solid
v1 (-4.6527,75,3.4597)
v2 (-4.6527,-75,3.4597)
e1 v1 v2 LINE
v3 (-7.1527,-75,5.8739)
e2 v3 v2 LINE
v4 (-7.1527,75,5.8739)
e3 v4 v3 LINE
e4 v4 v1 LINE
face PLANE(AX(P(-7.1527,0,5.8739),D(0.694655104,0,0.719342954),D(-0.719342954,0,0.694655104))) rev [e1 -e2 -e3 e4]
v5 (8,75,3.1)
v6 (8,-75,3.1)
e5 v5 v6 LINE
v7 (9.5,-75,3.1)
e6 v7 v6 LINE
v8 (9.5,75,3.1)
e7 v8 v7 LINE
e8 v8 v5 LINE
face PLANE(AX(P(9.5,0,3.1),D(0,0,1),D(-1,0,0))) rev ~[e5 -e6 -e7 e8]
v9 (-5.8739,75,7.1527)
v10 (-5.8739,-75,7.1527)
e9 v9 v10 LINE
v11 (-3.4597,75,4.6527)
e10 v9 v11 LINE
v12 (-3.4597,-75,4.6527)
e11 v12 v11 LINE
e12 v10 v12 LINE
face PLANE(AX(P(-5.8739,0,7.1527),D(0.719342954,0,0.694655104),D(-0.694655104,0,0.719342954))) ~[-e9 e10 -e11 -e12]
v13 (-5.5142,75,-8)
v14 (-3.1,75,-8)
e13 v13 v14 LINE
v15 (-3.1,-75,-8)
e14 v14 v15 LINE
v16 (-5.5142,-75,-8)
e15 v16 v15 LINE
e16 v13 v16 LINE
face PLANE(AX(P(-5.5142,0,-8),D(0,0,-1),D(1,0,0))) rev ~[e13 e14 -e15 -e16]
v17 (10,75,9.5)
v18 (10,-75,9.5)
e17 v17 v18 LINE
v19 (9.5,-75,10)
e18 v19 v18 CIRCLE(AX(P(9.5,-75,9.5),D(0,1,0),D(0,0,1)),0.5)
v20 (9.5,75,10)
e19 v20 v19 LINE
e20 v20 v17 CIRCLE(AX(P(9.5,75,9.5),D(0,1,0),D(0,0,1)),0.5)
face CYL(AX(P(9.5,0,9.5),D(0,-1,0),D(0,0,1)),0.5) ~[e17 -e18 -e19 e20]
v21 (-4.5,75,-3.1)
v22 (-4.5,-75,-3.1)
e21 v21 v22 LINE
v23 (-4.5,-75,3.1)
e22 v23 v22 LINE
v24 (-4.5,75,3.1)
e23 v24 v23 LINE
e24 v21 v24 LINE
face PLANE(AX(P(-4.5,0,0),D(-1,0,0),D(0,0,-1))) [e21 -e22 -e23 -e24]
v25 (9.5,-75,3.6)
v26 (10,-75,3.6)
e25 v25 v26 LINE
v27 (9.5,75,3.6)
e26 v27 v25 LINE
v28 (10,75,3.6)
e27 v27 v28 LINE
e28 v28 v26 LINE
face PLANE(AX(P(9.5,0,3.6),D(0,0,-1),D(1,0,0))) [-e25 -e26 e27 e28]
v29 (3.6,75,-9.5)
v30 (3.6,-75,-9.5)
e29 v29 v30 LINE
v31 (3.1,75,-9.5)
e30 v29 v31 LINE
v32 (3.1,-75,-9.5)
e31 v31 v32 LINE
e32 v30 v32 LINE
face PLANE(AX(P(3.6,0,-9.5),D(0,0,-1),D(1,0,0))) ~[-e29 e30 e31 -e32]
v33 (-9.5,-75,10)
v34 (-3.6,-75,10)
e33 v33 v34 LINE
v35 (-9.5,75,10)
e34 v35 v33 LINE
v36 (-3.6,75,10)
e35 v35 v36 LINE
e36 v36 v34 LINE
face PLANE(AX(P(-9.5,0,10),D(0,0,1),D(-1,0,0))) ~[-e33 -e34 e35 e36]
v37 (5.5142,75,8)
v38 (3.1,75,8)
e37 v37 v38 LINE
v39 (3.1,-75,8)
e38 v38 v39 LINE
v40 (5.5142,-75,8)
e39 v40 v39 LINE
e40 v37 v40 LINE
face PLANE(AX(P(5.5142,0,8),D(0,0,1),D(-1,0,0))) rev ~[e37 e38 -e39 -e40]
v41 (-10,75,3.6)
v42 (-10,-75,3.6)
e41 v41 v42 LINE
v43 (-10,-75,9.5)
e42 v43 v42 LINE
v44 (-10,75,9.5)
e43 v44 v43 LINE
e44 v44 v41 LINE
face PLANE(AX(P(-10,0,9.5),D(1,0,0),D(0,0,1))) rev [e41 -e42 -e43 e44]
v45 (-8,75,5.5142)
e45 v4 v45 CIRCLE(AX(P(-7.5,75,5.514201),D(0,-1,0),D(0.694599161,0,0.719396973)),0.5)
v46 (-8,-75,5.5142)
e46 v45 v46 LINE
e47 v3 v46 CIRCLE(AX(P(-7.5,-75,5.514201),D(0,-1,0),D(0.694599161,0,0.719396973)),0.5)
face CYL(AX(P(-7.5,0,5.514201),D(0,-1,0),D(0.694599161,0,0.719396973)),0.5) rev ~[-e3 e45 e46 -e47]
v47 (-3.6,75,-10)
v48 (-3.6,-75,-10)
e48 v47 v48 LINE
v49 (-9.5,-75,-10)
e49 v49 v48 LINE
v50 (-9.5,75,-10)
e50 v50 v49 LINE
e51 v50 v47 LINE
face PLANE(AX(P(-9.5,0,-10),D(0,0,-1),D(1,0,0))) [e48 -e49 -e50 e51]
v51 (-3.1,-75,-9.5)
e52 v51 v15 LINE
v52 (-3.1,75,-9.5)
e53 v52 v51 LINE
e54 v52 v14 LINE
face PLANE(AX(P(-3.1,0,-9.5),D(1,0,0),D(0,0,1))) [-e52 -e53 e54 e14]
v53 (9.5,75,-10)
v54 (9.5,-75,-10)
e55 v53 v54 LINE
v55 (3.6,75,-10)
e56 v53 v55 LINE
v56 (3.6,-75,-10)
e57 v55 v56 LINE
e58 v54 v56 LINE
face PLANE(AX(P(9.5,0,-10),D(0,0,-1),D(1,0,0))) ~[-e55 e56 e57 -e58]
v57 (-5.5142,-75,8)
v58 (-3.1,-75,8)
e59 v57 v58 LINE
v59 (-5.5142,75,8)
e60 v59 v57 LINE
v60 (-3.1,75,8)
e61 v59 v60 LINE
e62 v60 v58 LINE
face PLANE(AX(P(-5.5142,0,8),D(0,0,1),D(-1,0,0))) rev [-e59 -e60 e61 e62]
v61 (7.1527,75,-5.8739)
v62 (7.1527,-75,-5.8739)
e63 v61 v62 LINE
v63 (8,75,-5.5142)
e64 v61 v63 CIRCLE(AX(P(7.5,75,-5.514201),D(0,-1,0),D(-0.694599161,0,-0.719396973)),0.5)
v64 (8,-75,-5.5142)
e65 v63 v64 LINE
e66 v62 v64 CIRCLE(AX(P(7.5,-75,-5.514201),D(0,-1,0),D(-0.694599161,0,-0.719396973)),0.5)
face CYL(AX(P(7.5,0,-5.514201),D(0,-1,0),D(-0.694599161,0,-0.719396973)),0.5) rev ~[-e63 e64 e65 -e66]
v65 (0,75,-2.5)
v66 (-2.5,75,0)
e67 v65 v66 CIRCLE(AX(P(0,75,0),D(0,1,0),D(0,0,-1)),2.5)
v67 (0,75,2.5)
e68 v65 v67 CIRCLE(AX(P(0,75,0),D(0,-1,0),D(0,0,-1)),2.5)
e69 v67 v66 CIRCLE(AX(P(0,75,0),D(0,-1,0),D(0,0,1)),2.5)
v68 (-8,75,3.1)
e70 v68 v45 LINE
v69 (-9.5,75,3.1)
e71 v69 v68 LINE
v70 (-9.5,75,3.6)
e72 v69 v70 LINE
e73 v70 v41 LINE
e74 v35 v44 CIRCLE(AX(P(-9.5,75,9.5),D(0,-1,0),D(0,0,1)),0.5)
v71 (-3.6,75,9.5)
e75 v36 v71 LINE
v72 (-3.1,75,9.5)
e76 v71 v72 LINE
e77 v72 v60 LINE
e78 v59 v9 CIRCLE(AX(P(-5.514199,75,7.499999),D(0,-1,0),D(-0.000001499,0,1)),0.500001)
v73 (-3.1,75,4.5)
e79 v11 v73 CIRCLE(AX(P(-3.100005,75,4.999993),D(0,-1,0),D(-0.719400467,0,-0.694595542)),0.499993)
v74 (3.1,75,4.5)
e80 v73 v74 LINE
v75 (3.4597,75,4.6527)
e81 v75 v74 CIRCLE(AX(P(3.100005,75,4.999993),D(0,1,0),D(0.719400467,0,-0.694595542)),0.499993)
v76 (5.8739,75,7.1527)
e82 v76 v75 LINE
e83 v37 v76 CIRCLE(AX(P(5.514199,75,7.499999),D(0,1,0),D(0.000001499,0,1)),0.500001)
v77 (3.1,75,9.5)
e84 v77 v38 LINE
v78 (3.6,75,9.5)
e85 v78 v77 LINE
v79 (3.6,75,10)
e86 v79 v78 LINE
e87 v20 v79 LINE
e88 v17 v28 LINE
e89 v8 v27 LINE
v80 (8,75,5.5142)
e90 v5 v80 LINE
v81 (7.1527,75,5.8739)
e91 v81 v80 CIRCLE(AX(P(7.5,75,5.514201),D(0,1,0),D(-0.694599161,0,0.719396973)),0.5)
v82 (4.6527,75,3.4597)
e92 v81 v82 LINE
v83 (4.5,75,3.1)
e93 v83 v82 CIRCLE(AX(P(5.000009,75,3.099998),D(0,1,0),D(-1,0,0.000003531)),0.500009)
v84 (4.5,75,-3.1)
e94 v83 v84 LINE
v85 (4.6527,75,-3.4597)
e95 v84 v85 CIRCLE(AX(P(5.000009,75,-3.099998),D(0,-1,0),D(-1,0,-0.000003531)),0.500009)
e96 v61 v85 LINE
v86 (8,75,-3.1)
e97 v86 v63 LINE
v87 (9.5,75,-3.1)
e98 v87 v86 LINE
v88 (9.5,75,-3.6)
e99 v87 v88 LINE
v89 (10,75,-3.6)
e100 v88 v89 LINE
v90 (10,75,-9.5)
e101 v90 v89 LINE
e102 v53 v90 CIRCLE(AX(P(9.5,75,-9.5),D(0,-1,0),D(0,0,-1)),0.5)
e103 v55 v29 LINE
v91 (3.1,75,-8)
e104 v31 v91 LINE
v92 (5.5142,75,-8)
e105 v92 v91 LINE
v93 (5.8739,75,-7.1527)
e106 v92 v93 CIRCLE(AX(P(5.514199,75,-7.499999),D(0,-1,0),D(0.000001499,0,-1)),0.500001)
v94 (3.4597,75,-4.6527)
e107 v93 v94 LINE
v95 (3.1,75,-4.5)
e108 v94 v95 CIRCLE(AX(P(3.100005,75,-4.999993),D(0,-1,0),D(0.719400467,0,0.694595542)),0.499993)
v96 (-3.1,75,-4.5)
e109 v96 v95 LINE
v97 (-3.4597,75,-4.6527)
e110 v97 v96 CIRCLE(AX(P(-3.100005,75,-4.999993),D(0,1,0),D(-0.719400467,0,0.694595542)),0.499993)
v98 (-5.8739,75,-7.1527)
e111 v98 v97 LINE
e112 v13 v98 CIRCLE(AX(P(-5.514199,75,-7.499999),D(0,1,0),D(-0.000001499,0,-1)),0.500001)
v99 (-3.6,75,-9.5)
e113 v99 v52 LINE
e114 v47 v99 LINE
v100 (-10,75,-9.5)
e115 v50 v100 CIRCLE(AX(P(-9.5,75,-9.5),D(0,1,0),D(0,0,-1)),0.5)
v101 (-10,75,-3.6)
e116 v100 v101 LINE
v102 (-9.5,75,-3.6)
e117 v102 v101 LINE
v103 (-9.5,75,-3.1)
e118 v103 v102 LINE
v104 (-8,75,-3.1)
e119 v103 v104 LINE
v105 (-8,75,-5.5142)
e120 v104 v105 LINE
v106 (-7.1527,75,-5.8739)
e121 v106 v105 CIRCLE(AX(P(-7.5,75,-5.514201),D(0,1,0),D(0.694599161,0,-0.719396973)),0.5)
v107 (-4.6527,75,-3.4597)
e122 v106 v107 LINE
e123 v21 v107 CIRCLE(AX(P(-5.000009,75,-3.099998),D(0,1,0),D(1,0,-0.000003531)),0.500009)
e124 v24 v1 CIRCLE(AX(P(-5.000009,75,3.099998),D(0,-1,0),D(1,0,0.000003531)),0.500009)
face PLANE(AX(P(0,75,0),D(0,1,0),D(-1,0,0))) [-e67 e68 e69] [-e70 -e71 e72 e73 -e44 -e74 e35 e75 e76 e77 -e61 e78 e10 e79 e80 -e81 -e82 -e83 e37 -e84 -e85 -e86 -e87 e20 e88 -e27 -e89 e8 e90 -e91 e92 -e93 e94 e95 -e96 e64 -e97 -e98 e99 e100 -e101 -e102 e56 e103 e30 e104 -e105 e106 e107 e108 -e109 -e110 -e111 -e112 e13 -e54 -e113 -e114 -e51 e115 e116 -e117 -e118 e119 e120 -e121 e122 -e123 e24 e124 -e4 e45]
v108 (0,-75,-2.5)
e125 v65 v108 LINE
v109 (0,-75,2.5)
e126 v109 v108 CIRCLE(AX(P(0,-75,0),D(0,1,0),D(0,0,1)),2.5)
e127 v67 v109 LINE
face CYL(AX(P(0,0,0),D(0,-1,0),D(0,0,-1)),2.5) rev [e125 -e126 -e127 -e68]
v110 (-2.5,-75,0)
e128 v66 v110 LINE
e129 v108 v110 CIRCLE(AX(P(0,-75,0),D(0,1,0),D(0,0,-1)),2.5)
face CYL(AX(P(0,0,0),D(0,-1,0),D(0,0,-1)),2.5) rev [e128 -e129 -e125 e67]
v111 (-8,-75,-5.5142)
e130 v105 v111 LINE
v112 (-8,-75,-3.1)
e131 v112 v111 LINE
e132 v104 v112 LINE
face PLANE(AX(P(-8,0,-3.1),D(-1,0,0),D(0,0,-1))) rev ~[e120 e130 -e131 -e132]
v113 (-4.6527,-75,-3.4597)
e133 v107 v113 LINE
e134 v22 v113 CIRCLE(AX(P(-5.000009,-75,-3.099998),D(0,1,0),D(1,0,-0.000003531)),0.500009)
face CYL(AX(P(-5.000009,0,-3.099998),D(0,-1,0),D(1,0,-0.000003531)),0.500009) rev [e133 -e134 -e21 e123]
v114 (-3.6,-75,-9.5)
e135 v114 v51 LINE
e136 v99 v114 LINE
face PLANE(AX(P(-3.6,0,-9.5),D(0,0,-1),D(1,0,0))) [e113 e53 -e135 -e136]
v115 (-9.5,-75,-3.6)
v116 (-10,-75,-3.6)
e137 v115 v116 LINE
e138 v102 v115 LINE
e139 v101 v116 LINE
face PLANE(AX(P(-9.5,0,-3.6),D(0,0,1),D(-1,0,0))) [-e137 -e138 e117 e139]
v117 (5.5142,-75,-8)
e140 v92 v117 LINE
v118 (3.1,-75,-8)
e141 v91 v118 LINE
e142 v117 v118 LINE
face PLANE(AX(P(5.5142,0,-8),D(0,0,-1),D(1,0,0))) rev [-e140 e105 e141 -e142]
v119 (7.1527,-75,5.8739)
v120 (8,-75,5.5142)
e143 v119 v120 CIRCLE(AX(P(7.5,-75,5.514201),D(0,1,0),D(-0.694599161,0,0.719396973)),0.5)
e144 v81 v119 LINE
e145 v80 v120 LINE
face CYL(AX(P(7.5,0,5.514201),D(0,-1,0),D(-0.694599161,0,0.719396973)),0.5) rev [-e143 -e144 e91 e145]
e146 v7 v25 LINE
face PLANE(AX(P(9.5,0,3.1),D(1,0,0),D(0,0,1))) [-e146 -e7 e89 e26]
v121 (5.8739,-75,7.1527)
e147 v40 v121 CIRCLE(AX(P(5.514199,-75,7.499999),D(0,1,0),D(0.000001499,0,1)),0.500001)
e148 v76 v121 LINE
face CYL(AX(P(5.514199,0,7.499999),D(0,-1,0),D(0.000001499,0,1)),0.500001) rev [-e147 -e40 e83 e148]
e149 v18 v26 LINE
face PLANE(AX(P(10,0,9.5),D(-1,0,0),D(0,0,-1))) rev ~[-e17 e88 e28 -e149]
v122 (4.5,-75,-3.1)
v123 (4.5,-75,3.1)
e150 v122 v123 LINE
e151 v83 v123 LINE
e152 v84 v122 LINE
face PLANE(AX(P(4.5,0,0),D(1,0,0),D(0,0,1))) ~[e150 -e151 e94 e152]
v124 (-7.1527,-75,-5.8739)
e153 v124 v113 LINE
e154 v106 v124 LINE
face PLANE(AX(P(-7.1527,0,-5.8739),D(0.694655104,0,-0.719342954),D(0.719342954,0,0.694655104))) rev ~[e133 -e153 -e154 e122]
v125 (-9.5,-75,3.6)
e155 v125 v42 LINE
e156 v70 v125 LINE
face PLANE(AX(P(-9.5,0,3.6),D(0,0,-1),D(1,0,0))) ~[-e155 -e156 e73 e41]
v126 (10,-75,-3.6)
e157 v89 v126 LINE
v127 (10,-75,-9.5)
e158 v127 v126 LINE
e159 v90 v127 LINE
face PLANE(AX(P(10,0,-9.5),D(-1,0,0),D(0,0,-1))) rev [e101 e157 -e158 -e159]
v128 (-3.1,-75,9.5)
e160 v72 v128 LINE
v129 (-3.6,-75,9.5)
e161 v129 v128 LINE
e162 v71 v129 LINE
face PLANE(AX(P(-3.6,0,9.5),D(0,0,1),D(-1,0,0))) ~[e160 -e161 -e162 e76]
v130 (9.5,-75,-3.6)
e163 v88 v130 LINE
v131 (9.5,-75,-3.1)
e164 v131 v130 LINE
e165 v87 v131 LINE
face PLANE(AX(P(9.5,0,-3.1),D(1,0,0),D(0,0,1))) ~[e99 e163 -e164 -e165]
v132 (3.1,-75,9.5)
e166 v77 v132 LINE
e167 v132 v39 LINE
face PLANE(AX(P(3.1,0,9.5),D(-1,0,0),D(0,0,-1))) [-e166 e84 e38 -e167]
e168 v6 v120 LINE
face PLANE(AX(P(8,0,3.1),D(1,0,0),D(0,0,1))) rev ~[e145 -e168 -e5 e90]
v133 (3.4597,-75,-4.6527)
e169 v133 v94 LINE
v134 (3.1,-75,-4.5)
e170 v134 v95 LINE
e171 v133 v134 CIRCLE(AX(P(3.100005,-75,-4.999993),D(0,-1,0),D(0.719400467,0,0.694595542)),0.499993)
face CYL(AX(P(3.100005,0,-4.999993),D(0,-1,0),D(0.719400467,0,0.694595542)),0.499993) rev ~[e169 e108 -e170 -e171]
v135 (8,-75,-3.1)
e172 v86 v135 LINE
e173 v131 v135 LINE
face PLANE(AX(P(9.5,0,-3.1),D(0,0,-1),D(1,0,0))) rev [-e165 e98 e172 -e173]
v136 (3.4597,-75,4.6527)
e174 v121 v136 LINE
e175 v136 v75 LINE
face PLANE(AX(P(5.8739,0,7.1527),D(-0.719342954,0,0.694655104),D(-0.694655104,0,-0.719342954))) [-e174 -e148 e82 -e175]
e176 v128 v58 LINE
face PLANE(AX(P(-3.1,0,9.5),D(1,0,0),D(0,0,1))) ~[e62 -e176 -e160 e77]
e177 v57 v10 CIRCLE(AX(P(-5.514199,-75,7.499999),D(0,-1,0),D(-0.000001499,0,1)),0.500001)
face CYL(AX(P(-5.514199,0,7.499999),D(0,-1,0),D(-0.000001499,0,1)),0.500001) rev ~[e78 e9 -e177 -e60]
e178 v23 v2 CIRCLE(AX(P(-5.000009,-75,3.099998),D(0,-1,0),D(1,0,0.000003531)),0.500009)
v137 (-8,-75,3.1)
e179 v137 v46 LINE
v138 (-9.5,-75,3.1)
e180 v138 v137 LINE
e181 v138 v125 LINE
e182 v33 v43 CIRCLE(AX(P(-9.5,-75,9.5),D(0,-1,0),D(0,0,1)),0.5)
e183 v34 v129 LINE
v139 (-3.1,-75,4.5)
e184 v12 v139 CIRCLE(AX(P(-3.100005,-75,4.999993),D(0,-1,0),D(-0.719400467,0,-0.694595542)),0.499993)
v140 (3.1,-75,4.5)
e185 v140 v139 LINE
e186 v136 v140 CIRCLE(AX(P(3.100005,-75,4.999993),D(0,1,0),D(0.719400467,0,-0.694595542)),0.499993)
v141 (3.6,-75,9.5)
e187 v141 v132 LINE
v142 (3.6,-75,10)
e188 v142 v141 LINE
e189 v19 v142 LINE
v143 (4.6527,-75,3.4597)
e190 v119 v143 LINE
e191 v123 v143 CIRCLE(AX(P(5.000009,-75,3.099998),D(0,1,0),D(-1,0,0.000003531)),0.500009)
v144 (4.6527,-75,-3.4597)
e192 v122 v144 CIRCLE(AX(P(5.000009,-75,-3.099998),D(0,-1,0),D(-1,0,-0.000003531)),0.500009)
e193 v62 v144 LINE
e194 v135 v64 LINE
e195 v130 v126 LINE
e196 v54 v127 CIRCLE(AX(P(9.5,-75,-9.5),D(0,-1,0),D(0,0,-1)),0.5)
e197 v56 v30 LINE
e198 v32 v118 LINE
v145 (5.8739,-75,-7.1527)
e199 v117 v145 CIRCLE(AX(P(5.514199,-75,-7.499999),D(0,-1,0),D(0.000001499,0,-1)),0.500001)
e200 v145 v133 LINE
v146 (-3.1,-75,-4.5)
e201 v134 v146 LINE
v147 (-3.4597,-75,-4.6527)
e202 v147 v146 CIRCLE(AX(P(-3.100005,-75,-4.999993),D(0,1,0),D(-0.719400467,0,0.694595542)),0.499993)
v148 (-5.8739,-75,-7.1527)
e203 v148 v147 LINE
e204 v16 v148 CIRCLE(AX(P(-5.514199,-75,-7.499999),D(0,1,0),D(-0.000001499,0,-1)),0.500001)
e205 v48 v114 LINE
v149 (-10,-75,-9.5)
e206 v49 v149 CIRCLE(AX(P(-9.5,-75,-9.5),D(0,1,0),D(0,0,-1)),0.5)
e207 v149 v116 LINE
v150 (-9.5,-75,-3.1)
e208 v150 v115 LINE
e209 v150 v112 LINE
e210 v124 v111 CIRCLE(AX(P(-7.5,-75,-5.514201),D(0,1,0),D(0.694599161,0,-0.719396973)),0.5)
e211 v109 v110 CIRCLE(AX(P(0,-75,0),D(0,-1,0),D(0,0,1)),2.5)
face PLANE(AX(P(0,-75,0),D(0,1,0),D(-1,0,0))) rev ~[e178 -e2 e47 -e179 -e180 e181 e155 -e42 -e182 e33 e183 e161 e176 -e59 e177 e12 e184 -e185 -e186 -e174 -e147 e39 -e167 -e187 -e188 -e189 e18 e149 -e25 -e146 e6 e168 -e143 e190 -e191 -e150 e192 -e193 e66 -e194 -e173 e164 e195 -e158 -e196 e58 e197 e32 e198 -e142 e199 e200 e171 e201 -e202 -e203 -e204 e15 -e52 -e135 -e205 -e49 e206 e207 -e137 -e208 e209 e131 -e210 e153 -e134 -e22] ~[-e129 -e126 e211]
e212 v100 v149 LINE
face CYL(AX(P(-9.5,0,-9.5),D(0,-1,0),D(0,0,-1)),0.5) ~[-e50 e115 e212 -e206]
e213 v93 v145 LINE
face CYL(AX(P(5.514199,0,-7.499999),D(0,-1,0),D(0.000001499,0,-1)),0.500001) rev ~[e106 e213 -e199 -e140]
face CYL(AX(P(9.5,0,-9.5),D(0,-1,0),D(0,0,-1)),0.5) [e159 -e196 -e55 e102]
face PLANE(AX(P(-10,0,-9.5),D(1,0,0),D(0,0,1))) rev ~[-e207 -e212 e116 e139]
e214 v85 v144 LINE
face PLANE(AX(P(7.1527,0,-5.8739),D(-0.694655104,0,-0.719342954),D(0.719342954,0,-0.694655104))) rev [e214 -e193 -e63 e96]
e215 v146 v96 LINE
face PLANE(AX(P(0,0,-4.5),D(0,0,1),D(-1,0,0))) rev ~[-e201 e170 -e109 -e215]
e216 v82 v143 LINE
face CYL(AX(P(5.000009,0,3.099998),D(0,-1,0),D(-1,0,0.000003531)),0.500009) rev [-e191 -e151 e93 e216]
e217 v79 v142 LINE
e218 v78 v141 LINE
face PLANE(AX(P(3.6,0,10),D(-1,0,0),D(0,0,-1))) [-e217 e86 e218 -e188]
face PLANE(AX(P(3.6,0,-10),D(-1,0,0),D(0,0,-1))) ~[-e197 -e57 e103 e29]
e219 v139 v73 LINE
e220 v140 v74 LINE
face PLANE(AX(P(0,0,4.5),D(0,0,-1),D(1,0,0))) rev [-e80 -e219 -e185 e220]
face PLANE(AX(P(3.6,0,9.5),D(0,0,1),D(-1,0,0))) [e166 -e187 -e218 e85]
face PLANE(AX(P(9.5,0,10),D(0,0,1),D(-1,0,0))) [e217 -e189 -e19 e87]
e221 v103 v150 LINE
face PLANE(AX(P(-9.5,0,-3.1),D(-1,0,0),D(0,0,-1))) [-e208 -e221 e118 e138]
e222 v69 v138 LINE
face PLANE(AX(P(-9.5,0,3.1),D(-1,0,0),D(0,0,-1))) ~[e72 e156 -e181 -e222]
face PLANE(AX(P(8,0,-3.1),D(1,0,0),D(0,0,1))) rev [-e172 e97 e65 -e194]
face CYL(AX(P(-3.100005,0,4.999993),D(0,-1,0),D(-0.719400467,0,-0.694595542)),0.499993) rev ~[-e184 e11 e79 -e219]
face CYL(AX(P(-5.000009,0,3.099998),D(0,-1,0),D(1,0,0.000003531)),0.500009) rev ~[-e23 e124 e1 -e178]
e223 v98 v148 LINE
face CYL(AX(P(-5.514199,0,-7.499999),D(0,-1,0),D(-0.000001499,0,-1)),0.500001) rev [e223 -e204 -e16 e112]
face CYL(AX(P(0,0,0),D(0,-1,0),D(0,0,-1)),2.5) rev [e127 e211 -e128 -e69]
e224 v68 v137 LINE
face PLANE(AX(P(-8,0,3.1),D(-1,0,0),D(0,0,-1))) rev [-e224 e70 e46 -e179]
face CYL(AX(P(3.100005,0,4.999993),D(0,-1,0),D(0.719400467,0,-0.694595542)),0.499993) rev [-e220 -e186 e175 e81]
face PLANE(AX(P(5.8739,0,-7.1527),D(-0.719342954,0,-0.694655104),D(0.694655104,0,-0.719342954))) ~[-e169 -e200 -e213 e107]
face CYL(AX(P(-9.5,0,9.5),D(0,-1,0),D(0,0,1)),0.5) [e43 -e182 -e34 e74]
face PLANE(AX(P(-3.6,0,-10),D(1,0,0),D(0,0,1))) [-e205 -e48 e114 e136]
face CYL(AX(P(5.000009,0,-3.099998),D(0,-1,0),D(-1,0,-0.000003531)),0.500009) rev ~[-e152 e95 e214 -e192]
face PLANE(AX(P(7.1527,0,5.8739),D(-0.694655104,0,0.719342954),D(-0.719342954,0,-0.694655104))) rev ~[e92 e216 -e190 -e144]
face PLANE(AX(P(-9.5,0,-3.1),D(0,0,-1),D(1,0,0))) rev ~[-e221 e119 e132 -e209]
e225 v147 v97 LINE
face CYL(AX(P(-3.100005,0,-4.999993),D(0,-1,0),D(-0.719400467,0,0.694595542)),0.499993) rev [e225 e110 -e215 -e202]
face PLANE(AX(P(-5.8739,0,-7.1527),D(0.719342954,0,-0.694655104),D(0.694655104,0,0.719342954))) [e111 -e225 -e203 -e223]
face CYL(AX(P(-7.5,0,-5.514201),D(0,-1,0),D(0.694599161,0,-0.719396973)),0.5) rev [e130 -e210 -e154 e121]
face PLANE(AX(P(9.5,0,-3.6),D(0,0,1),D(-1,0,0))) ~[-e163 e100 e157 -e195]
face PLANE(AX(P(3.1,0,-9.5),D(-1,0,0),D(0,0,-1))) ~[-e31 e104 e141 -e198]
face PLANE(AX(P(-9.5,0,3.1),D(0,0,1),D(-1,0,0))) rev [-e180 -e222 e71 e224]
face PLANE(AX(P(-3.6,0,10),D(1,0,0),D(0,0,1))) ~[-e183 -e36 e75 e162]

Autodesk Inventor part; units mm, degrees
ref_plane "YZ Plane" through (0, 0, 0) normal (1, 0, 0) x (0, 1, 0)
ref_plane "XZ Plane" through (0, 0, 0) normal (0, 1, 0) x (-1, 0, 0)
ref_plane "XY Plane" through (0, 0, 0) normal (0, 0, 1) x (1, 0, 0)
sketch "Esboço1" plane through (0, 0, 0) normal (0, 1, 0) x (-1, 0, 0)
  line L0 (-10, 10) -> (10, 10) construction
  line L1 (10, 10) -> (10, -10) construction
  line L2 (10, -10) -> (-10, -10) construction
  line L3 (-10, -10) -> (-10, 10) construction
  line L4 (-10, 10) -> (10, -10) construction
  line L5 (10, 10) -> (-10, -10) construction
  line L6 (0, -4.5) -> (3.1, -4.5)
  line L7 (0, -10) -> (0, 10) construction
  line L8 (5.8739, -7.1527) -> (3.4597, -4.6527)
  arc A0 (3.4597, -4.6527) -> (3.1, -4.5) centre (3.1, -5) ccw
  line L9 (5.5142, -8) -> (3.1, -8)
  arc A1 (5.5142, -8) -> (5.8739, -7.1527) centre (5.5142, -7.5) ccw
  line L10 (3.1, -9.5) -> (3.1, -8)
  line L11 (3.6, -9.5) -> (3.1, -9.5)
  line L12 (3.6, -10) -> (3.6, -9.5)
  line L13 (10, -10) -> (3.6, -10) construction
  line L14 (10, -10) -> (0, -10) construction
  line L15 (10, -10) -> (10, -3.6) construction
  line L16 (9.5, -3.1) -> (8, -3.1)
  line L17 (9.5, -3.1) -> (9.5, -3.6)
  line L18 (9.5, -3.6) -> (10, -3.6)
  line L19 (8, -3.1) -> (8, -5.5142)
  line L20 (7.1527, -5.8739) -> (4.6527, -3.4597)
  line L21 (4.5, 0) -> (4.5, -3.1)
  arc A2 (4.5, -3.1) -> (4.6527, -3.4597) centre (5, -3.1) ccw
  line L22 (10, 0) -> (0, 0) construction
  line L23 (4.5, 0) -> (2.5, 0)
  line L24 (0, -4.5) -> (0, -2.5)
  arc A3 (7.1527, -5.8739) -> (8, -5.5142) centre (7.5, -5.5142) ccw
  arc A4 (0, -2.5) -> (2.5, 0) centre (0, 0) ccw
  arc A5 (9.5, -10) -> (10, -9.5) centre (9.5, -9.5) ccw
  line L25 (9.5, -10) -> (3.6, -10)
  line L26 (10, -9.5) -> (10, -3.6)
  point P0 (3.5, 0)
  dimension "d0" = 20
  dimension "d5" = 0.5
  dimension "d6" = 1
  dimension "d7" = 0.5
  dimension "d8" = 2
  dimension "d10" = 6.9
  dimension "d12" = 3.1
  dimension "d15" = 2.5
  dimension "d16" = 2
extrude "Extrusão1" add sketch "Esboço1" along normal mid plane 150
mirror "Espelhar1" about plane through (0, 0, 0) normal (1, 0, 0) of "Extrusão1"
mirror "Espelhar2" about plane through (0, 0, 0) normal (0, 0, 1) of "Extrusão1", "Espelhar1"
equation "\"Raio_vergadura\" = Espessura"
equation "\"Largura_alívio_de_vergadura\" = Espessura"
equation "\"Profundidade_alívio_de_vergadura\" = 0.5 * Espessura"
equation "\"Tamanho_alívio_de_dobra\" = 4 * Espessura"
equation "\"Remanescente_mínimo\" = 2 * Espessura"
equation "\"Raiodetransição\" = Raio_vergadura"
equation "\"Tamanho_de_raio_de_Jacobi\" = Raio_vergadura"
equation "\"TamanhoFolga\" = Espessura"
equation "\"Espessura\" = 0.5"
